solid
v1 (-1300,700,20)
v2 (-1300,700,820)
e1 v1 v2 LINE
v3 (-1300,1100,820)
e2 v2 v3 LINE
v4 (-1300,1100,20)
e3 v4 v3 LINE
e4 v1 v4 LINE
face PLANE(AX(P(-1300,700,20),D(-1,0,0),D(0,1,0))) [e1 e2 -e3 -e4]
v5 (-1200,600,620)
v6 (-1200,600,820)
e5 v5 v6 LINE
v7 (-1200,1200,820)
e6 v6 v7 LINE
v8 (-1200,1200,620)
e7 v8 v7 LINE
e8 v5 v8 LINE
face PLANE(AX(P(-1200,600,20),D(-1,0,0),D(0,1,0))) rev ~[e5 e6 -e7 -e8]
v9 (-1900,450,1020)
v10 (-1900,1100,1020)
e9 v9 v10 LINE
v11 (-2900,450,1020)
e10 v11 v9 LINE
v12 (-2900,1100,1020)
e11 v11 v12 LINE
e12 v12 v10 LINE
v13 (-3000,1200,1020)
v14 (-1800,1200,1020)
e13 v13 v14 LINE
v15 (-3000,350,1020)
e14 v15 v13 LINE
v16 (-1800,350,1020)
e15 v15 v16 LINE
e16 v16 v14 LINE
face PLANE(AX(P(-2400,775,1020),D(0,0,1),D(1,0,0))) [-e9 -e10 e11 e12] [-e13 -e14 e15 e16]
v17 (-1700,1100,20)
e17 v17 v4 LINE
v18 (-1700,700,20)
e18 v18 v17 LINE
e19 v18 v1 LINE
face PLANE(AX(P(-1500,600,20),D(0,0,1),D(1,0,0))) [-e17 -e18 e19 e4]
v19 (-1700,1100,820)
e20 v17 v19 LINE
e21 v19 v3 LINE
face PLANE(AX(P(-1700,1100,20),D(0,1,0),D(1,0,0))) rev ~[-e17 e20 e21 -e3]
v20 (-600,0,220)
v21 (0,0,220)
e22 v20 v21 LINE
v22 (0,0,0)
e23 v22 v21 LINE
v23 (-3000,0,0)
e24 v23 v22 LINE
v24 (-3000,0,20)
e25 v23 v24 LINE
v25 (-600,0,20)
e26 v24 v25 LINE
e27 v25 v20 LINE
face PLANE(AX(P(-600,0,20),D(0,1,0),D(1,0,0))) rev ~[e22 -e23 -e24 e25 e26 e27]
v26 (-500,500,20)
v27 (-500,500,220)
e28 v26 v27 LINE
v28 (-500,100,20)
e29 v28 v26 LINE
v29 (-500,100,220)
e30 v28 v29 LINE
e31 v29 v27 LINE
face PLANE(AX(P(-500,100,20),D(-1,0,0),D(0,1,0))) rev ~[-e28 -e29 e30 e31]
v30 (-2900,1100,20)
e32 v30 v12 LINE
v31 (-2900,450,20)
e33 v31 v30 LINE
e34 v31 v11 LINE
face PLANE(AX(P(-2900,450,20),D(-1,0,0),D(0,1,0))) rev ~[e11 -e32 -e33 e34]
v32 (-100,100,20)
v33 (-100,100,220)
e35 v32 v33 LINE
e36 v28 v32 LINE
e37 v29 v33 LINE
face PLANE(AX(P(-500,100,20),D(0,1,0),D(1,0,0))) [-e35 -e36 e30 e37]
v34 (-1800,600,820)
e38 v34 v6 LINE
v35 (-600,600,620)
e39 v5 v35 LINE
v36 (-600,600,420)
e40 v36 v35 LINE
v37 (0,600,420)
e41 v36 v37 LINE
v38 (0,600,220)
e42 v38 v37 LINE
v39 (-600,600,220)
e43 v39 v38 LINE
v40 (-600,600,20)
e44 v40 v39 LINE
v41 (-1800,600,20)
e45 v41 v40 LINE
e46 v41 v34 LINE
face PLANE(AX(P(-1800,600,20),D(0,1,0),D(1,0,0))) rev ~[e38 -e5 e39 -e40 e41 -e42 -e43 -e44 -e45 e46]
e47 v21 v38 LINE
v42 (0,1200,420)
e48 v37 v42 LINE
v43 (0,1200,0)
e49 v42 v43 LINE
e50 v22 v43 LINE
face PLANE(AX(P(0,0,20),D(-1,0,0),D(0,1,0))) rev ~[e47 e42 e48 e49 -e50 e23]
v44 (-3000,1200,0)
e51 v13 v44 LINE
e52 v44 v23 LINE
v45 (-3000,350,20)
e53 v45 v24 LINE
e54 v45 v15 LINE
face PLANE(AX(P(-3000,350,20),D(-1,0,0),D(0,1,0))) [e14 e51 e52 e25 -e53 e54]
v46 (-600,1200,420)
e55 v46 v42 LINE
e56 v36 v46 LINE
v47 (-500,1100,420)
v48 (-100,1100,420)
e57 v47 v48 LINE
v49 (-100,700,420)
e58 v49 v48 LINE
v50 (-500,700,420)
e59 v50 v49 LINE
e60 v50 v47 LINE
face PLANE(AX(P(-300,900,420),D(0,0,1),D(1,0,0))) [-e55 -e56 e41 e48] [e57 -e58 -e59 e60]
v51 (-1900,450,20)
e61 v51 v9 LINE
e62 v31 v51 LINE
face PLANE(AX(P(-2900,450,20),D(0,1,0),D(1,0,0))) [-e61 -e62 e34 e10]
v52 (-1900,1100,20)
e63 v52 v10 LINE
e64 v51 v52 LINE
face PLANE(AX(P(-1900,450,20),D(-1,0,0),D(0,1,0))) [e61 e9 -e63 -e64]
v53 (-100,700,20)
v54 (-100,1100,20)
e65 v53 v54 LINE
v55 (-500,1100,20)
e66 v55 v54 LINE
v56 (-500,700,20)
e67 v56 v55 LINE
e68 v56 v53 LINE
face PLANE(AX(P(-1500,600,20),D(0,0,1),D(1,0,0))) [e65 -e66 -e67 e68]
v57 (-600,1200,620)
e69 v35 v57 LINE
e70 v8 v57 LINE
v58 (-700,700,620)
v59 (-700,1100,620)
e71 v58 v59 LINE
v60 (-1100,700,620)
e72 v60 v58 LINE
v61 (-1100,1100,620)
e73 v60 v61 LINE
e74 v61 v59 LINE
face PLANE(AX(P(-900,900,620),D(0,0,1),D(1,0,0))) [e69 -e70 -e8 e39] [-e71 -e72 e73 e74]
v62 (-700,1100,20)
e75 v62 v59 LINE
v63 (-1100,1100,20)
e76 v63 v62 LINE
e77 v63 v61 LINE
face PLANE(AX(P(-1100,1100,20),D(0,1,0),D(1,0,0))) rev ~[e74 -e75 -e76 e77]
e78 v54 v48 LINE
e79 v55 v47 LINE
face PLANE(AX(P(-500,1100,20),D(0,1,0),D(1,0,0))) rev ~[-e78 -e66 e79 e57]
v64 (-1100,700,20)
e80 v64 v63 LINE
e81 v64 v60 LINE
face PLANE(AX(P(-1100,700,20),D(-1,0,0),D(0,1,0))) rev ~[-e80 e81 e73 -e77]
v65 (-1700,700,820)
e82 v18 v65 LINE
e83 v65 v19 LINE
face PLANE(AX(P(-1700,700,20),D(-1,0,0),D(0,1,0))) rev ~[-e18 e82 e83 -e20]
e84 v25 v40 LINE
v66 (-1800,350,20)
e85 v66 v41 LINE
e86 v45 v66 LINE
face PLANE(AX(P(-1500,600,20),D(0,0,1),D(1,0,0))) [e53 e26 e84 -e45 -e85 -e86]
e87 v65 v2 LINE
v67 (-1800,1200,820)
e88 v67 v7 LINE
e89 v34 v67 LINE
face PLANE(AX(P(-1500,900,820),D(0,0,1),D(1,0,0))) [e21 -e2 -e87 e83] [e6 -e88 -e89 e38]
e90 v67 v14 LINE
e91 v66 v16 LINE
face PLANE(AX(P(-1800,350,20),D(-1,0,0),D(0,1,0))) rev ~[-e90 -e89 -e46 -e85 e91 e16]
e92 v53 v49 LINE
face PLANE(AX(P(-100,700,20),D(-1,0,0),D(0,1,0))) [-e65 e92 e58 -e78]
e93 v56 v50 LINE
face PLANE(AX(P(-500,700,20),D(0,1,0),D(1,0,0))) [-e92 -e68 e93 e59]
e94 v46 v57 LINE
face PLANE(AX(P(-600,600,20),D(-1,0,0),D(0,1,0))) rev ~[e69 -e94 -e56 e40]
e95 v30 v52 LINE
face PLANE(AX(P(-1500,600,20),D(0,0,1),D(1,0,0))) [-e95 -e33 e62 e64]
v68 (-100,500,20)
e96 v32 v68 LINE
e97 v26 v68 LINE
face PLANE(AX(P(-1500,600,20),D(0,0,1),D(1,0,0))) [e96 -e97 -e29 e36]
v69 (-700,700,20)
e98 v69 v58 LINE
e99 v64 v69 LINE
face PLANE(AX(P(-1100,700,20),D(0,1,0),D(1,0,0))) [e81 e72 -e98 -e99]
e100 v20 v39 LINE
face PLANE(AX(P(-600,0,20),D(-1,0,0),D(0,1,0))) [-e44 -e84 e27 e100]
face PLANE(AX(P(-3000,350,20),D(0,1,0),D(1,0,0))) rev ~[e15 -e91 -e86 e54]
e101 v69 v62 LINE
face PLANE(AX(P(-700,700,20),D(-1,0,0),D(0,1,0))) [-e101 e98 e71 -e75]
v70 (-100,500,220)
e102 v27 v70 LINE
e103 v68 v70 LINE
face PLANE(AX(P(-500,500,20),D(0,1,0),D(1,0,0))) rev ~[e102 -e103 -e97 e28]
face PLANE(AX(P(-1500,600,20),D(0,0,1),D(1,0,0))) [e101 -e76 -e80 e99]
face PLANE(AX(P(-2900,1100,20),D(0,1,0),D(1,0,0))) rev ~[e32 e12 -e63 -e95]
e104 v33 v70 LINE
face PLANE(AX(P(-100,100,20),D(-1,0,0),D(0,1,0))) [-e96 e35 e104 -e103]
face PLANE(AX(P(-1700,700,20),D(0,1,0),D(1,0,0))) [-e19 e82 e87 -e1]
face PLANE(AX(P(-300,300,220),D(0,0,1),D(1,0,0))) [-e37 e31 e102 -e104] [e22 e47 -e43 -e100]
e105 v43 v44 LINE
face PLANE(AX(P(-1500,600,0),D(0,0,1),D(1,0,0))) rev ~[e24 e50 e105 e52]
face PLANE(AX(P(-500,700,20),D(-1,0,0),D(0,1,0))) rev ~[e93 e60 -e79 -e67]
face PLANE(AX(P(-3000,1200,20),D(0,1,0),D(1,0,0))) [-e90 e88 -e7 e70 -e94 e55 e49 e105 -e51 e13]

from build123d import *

# Parameters (mm, degrees)
F1_DEPTH  = 20
F2_W      = 600
F2_H      = 600
F2_W_2    = 400
F2_H_2    = 400
F3_DEPTH  = 400
F4_W      = 600
F4_H      = 600
F4_W_2    = 400
F4_H_2    = 400
F5_DEPTH  = 600
F6_W      = 600
F6_H      = 600
F6_W_2    = 400
F6_H_2    = 400
F7_DEPTH  = 800
F8_W      = 1200
F8_H      = 850
F8_W_2    = 1000
F8_H_2    = 650
F9_DEPTH  = 1000
F10_W     = 600
F10_H     = 600
F10_W_2   = 400
F10_H_2   = 400
F11_DEPTH = 200


with BuildPart() as f1:
    # F0 (on Top) → F1 (new body)
    with BuildSketch(Plane.XY):
        Polygon((-2563.636364, 0), (0, 0), (0, 1200), (-3000, 1200), (-3000, 0), align=None)
    extrude(amount=F1_DEPTH)

    # F2 (on face) → F3 (join)
    with BuildSketch(Plane.XY.offset(20)):
        with Locations((-300, 900)):
            Rectangle(F2_W, F2_H)
        with Locations((-300, 900)):
            Rectangle(F2_W_2, F2_H_2, mode=Mode.SUBTRACT)
    extrude(amount=F3_DEPTH)

    # F4 (on face) → F5 (join)
    with BuildSketch(Plane.XY.offset(20)):
        with Locations((-900, 900)):
            Rectangle(F4_W, F4_H)
        with Locations((-900, 900)):
            Rectangle(F4_W_2, F4_H_2, mode=Mode.SUBTRACT)
    extrude(amount=F5_DEPTH)

    # F6 (on face) → F7 (join)
    with BuildSketch(Plane.XY.offset(20)):
        with Locations((-1500, 900)):
            Rectangle(F6_W, F6_H)
        with Locations((-1500, 900)):
            Rectangle(F6_W_2, F6_H_2, mode=Mode.SUBTRACT)
    extrude(amount=F7_DEPTH)

    # F8 (on face) → F9 (join)
    with BuildSketch(Plane.XY.offset(20)):
        with Locations((-2400, 775)):
            Rectangle(F8_W, F8_H)
        with Locations((-2400, 775)):
            Rectangle(F8_W_2, F8_H_2, mode=Mode.SUBTRACT)
    extrude(amount=F9_DEPTH)

    # F10 (on face) → F11 (join)
    with BuildSketch(Plane.XY.offset(20)):
        with Locations((-300, 300)):
            Rectangle(F10_W, F10_H)
        with Locations((-300, 300)):
            Rectangle(F10_W_2, F10_H_2, mode=Mode.SUBTRACT)
    extrude(amount=F11_DEPTH)


solid = f1.part
